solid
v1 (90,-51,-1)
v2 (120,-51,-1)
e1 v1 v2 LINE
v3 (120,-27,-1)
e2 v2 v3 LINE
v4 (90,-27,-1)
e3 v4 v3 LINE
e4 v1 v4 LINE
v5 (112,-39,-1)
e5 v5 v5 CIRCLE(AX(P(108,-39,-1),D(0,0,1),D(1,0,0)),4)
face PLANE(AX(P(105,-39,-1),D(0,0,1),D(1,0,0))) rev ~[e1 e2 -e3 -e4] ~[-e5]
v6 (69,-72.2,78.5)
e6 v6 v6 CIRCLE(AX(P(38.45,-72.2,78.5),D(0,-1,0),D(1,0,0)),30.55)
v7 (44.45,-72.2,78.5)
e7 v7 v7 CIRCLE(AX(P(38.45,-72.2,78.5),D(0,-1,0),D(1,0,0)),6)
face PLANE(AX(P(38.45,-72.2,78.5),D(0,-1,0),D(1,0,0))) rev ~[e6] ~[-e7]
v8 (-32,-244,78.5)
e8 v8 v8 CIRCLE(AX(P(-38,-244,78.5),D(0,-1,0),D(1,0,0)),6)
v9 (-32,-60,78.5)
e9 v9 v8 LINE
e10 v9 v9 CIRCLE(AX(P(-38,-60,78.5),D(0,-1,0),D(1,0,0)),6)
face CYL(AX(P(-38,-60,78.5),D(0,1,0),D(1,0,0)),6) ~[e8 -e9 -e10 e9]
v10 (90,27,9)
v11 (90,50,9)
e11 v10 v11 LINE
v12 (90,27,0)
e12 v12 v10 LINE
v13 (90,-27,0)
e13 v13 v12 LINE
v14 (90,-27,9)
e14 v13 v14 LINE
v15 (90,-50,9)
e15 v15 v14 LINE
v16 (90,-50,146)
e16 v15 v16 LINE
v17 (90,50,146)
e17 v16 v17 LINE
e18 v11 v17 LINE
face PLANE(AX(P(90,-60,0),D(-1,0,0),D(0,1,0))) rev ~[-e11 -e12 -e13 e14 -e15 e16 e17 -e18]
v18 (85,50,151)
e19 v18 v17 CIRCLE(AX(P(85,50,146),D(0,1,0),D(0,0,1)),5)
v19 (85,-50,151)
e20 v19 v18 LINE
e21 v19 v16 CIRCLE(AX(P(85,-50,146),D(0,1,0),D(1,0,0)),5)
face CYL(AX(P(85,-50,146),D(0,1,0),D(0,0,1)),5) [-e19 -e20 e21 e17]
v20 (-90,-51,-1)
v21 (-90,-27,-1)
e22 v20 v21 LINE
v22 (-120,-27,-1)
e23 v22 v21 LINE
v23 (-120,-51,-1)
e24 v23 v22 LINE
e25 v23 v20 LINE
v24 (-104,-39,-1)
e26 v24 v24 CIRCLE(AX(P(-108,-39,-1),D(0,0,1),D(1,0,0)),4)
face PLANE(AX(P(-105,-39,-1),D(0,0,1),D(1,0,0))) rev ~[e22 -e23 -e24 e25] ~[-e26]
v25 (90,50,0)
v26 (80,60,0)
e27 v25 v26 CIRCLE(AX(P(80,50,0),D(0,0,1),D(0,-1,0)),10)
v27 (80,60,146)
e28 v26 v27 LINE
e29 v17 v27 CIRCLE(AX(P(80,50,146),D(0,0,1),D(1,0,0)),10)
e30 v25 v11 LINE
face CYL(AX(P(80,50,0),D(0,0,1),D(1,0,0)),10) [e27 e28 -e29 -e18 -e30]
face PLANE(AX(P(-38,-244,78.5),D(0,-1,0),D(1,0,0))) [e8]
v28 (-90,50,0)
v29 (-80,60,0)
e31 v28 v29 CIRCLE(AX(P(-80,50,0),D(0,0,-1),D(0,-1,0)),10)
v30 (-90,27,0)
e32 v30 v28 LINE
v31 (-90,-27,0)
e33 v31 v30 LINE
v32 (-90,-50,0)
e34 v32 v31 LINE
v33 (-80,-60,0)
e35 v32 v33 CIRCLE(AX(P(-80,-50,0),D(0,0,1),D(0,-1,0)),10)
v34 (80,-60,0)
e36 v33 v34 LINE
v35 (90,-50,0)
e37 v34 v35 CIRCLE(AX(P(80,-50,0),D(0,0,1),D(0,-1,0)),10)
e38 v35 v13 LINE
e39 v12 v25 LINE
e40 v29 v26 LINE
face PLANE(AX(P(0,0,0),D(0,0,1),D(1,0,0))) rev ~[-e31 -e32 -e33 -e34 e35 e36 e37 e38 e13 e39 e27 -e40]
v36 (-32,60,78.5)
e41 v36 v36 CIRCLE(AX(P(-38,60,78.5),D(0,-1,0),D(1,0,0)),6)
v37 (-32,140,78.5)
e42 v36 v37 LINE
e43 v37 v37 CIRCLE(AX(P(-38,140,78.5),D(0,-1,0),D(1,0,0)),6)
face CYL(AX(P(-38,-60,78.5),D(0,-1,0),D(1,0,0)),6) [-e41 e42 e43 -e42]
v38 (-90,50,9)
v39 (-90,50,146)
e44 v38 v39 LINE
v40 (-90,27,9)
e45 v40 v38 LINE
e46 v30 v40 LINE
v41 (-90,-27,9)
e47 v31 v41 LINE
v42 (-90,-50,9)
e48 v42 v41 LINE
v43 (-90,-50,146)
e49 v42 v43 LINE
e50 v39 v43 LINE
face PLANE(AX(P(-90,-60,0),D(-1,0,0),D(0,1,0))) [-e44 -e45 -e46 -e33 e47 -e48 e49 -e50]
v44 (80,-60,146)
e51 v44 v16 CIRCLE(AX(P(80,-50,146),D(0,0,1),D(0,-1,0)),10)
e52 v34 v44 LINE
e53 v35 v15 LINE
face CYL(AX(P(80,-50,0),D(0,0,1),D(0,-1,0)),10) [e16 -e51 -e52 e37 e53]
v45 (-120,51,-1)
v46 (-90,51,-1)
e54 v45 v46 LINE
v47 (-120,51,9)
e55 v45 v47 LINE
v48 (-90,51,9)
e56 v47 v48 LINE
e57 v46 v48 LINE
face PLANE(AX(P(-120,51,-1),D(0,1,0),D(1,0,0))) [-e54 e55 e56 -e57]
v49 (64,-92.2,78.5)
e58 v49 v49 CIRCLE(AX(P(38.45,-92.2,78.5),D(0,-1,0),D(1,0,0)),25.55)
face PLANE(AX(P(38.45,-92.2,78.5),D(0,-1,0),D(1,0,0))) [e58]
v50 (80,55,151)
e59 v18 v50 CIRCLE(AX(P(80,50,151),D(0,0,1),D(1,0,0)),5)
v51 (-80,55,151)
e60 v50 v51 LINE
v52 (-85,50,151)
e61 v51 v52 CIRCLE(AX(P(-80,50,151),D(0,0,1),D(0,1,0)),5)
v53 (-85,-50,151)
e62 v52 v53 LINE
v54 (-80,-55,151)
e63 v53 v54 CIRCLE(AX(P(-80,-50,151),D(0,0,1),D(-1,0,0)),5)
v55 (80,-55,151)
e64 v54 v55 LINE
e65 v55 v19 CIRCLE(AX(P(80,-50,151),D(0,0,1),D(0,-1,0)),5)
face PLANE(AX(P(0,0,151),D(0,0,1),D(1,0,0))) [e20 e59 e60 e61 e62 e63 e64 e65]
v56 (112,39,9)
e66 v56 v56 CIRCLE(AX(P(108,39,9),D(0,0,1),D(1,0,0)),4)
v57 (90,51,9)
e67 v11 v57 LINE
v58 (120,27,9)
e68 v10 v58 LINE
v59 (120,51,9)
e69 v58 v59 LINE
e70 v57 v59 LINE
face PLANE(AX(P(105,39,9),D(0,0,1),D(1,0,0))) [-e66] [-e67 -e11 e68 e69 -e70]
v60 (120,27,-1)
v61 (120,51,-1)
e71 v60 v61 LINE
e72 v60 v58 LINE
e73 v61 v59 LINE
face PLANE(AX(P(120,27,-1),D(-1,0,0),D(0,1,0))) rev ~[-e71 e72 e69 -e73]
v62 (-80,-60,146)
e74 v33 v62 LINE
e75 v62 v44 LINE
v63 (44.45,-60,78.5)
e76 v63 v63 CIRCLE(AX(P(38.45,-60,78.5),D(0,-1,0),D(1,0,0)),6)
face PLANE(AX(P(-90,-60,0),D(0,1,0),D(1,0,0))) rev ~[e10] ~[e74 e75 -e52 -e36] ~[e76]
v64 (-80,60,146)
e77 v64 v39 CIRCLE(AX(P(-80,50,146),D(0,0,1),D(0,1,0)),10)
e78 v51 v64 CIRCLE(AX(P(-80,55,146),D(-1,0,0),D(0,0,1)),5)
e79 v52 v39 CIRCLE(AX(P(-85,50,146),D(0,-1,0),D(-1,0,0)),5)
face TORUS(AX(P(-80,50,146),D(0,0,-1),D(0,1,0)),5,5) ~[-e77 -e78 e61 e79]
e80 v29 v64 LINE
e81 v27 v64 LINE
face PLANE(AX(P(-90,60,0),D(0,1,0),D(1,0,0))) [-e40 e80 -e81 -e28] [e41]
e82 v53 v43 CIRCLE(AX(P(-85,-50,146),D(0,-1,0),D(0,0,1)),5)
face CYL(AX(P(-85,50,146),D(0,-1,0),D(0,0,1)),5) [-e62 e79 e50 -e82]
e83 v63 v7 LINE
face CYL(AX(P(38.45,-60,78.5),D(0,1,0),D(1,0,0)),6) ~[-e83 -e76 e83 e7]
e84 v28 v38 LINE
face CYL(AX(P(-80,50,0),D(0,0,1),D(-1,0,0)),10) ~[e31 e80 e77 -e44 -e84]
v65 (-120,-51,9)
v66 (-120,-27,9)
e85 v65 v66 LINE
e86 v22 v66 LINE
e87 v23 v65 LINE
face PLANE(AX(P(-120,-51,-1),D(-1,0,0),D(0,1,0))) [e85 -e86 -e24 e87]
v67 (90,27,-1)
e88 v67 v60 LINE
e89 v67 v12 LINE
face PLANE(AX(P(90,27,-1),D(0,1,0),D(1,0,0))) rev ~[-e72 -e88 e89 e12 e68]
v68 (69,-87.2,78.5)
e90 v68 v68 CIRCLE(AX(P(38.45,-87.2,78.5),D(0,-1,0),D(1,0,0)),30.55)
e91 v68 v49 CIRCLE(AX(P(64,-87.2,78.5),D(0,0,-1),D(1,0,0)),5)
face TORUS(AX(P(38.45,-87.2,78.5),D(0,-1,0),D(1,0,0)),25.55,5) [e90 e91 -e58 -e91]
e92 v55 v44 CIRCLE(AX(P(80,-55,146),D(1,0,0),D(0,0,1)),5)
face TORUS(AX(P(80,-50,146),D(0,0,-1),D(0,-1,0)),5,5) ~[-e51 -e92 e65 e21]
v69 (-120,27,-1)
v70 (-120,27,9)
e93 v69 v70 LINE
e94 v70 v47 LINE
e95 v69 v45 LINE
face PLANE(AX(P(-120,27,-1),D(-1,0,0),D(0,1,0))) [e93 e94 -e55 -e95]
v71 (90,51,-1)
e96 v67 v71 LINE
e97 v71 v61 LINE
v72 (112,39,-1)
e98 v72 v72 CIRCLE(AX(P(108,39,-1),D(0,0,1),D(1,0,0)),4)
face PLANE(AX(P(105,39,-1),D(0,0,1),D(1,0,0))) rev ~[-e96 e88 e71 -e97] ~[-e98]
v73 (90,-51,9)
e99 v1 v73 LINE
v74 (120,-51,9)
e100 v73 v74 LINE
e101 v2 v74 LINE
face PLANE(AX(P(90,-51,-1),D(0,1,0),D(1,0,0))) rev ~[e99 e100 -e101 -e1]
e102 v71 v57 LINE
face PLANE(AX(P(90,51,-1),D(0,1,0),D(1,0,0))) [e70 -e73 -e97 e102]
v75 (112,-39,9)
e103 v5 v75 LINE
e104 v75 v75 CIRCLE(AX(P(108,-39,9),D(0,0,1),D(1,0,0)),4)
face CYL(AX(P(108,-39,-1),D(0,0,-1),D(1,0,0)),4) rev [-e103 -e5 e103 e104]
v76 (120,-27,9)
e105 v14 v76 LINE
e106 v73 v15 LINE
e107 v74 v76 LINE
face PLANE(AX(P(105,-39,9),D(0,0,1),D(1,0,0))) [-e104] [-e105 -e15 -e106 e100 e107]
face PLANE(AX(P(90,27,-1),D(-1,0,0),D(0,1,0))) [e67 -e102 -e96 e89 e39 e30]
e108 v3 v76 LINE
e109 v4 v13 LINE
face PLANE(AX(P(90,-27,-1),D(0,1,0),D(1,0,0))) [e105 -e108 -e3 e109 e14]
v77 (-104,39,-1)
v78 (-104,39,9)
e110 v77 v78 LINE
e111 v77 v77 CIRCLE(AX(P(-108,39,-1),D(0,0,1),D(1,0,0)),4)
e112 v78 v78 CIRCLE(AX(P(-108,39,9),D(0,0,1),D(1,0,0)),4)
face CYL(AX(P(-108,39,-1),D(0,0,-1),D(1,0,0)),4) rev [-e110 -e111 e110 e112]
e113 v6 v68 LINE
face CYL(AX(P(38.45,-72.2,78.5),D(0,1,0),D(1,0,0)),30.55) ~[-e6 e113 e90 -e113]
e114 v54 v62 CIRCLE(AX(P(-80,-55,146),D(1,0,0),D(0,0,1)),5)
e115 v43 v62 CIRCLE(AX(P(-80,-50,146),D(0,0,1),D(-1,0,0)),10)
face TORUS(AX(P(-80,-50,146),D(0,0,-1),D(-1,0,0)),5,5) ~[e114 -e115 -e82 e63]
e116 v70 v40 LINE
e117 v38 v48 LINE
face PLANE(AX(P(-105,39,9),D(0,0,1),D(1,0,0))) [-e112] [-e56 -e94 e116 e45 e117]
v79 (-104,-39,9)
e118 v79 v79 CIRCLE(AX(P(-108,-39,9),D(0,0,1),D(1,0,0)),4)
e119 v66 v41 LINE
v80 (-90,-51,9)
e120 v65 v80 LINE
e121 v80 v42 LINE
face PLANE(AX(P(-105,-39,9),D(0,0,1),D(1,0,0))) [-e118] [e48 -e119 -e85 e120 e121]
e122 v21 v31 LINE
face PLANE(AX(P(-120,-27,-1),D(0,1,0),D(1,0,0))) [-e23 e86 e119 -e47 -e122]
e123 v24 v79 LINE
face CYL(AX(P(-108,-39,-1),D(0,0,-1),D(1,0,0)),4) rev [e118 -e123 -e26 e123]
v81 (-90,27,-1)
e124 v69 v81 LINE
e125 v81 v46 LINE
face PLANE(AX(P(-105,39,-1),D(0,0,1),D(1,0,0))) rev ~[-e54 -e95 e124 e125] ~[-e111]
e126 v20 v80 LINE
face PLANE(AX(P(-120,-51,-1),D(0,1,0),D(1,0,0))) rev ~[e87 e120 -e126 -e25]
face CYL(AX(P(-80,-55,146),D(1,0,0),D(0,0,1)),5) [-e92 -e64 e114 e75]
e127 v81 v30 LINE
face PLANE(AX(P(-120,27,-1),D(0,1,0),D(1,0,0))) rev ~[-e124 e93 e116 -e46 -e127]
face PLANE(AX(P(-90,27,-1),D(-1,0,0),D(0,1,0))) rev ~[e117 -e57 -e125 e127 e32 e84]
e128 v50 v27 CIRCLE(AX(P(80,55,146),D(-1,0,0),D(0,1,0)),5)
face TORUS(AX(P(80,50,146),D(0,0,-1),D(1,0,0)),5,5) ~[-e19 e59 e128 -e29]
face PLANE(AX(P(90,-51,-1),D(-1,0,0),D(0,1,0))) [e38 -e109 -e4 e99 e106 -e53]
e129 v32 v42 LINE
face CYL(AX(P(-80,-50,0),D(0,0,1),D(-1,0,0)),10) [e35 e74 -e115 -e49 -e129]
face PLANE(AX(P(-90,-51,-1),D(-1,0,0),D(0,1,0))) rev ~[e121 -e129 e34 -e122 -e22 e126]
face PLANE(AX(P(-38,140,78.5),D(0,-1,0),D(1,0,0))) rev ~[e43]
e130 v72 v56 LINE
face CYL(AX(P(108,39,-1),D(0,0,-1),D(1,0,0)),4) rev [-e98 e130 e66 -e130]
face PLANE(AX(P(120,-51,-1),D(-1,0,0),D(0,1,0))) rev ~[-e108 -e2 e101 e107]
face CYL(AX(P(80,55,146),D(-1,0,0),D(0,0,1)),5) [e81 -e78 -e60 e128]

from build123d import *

# Parameters (mm, degrees)
F0_W          = 180
F0_H          = 120
F1_DEPTH      = 151
F2_R          = 10
F3_R          = 5
F5_W          = 30
F5_H          = 24
F5_R          = 4
F6_DEPTH      = 10
F7_R          = 6
F8_DEPTH      = 12.2
F9_DEPTH      = 184
F9_DEPTH_BACK = 200
F10_R         = 30.55
F10_R_2       = 6
F11_DEPTH     = 20
F12_R         = 5


with BuildPart() as f1:
    # F0 (on Top) → F1 (new body)
    with BuildSketch(Plane.XY):
        Rectangle(F0_W, F0_H)
    extrude(amount=F1_DEPTH)

    # F2
    f2_edges = [f1.edges().sort_by_distance(p)[0] for p in [
        (-90, -60, 75.5),
        (90, -60, 75.5),
        (90, 60, 75.5),
        (-90, 60, 75.5),
    ]]
    fillet(f2_edges, radius=F2_R)

    # F3
    f3_edges = [f1.edges().sort_by_distance(p)[0] for p in [
        (0, -60, 151),
    ]]
    fillet(f3_edges, radius=F3_R)

    # F5 (on offset) → F6 (join)
    with BuildSketch(Plane.XY.offset(-1)):
        with Locations((105, 39)):
            Rectangle(F5_W, F5_H)
        with Locations((108, 39)):
            Circle(F5_R, mode=Mode.SUBTRACT)
        with Locations((105, -39)):
            Rectangle(F5_W, F5_H)
        with Locations((108, -39)):
            Circle(F5_R, mode=Mode.SUBTRACT)
        with Locations((-105, -39)):
            Rectangle(F5_W, F5_H)
        with Locations((-108, -39)):
            Circle(F5_R, mode=Mode.SUBTRACT)
        with Locations((-105, 39)):
            Rectangle(F5_W, F5_H)
        with Locations((-108, 39)):
            Circle(F5_R, mode=Mode.SUBTRACT)
    extrude(amount=F6_DEPTH)

    # F7 (on face) → F8 (join)
    with BuildSketch(Plane.XZ.offset(60)):
        with Locations((38.45, 78.5)):
            Circle(F7_R)
    extrude(amount=F8_DEPTH)

    # F7 (on face) → F9 (join, two sides)
    with BuildSketch(Plane.XZ.offset(60)) as f9_sk:
        with Locations((-38, 78.5)):
            Circle(F7_R)
    extrude(amount=F9_DEPTH)
    extrude(f9_sk.sketch, amount=-F9_DEPTH_BACK)

    # F10 (on face) → F11 (join)
    with BuildSketch(Plane.XZ.offset(72.2)):
        with Locations((38.45, 78.5)):
            Circle(F10_R)
        with Locations((38.45, 78.5)):
            Circle(F10_R_2, mode=Mode.SUBTRACT)
        with Locations((38.45, 78.5)):
            Circle(F10_R_2)
    extrude(amount=F11_DEPTH)

    # F12
    f12_edges = [f1.edges().sort_by_distance(p)[0] for p in [
        (7.9, -92.2, 78.5),
    ]]
    fillet(f12_edges, radius=F12_R)


solid = f1.part
